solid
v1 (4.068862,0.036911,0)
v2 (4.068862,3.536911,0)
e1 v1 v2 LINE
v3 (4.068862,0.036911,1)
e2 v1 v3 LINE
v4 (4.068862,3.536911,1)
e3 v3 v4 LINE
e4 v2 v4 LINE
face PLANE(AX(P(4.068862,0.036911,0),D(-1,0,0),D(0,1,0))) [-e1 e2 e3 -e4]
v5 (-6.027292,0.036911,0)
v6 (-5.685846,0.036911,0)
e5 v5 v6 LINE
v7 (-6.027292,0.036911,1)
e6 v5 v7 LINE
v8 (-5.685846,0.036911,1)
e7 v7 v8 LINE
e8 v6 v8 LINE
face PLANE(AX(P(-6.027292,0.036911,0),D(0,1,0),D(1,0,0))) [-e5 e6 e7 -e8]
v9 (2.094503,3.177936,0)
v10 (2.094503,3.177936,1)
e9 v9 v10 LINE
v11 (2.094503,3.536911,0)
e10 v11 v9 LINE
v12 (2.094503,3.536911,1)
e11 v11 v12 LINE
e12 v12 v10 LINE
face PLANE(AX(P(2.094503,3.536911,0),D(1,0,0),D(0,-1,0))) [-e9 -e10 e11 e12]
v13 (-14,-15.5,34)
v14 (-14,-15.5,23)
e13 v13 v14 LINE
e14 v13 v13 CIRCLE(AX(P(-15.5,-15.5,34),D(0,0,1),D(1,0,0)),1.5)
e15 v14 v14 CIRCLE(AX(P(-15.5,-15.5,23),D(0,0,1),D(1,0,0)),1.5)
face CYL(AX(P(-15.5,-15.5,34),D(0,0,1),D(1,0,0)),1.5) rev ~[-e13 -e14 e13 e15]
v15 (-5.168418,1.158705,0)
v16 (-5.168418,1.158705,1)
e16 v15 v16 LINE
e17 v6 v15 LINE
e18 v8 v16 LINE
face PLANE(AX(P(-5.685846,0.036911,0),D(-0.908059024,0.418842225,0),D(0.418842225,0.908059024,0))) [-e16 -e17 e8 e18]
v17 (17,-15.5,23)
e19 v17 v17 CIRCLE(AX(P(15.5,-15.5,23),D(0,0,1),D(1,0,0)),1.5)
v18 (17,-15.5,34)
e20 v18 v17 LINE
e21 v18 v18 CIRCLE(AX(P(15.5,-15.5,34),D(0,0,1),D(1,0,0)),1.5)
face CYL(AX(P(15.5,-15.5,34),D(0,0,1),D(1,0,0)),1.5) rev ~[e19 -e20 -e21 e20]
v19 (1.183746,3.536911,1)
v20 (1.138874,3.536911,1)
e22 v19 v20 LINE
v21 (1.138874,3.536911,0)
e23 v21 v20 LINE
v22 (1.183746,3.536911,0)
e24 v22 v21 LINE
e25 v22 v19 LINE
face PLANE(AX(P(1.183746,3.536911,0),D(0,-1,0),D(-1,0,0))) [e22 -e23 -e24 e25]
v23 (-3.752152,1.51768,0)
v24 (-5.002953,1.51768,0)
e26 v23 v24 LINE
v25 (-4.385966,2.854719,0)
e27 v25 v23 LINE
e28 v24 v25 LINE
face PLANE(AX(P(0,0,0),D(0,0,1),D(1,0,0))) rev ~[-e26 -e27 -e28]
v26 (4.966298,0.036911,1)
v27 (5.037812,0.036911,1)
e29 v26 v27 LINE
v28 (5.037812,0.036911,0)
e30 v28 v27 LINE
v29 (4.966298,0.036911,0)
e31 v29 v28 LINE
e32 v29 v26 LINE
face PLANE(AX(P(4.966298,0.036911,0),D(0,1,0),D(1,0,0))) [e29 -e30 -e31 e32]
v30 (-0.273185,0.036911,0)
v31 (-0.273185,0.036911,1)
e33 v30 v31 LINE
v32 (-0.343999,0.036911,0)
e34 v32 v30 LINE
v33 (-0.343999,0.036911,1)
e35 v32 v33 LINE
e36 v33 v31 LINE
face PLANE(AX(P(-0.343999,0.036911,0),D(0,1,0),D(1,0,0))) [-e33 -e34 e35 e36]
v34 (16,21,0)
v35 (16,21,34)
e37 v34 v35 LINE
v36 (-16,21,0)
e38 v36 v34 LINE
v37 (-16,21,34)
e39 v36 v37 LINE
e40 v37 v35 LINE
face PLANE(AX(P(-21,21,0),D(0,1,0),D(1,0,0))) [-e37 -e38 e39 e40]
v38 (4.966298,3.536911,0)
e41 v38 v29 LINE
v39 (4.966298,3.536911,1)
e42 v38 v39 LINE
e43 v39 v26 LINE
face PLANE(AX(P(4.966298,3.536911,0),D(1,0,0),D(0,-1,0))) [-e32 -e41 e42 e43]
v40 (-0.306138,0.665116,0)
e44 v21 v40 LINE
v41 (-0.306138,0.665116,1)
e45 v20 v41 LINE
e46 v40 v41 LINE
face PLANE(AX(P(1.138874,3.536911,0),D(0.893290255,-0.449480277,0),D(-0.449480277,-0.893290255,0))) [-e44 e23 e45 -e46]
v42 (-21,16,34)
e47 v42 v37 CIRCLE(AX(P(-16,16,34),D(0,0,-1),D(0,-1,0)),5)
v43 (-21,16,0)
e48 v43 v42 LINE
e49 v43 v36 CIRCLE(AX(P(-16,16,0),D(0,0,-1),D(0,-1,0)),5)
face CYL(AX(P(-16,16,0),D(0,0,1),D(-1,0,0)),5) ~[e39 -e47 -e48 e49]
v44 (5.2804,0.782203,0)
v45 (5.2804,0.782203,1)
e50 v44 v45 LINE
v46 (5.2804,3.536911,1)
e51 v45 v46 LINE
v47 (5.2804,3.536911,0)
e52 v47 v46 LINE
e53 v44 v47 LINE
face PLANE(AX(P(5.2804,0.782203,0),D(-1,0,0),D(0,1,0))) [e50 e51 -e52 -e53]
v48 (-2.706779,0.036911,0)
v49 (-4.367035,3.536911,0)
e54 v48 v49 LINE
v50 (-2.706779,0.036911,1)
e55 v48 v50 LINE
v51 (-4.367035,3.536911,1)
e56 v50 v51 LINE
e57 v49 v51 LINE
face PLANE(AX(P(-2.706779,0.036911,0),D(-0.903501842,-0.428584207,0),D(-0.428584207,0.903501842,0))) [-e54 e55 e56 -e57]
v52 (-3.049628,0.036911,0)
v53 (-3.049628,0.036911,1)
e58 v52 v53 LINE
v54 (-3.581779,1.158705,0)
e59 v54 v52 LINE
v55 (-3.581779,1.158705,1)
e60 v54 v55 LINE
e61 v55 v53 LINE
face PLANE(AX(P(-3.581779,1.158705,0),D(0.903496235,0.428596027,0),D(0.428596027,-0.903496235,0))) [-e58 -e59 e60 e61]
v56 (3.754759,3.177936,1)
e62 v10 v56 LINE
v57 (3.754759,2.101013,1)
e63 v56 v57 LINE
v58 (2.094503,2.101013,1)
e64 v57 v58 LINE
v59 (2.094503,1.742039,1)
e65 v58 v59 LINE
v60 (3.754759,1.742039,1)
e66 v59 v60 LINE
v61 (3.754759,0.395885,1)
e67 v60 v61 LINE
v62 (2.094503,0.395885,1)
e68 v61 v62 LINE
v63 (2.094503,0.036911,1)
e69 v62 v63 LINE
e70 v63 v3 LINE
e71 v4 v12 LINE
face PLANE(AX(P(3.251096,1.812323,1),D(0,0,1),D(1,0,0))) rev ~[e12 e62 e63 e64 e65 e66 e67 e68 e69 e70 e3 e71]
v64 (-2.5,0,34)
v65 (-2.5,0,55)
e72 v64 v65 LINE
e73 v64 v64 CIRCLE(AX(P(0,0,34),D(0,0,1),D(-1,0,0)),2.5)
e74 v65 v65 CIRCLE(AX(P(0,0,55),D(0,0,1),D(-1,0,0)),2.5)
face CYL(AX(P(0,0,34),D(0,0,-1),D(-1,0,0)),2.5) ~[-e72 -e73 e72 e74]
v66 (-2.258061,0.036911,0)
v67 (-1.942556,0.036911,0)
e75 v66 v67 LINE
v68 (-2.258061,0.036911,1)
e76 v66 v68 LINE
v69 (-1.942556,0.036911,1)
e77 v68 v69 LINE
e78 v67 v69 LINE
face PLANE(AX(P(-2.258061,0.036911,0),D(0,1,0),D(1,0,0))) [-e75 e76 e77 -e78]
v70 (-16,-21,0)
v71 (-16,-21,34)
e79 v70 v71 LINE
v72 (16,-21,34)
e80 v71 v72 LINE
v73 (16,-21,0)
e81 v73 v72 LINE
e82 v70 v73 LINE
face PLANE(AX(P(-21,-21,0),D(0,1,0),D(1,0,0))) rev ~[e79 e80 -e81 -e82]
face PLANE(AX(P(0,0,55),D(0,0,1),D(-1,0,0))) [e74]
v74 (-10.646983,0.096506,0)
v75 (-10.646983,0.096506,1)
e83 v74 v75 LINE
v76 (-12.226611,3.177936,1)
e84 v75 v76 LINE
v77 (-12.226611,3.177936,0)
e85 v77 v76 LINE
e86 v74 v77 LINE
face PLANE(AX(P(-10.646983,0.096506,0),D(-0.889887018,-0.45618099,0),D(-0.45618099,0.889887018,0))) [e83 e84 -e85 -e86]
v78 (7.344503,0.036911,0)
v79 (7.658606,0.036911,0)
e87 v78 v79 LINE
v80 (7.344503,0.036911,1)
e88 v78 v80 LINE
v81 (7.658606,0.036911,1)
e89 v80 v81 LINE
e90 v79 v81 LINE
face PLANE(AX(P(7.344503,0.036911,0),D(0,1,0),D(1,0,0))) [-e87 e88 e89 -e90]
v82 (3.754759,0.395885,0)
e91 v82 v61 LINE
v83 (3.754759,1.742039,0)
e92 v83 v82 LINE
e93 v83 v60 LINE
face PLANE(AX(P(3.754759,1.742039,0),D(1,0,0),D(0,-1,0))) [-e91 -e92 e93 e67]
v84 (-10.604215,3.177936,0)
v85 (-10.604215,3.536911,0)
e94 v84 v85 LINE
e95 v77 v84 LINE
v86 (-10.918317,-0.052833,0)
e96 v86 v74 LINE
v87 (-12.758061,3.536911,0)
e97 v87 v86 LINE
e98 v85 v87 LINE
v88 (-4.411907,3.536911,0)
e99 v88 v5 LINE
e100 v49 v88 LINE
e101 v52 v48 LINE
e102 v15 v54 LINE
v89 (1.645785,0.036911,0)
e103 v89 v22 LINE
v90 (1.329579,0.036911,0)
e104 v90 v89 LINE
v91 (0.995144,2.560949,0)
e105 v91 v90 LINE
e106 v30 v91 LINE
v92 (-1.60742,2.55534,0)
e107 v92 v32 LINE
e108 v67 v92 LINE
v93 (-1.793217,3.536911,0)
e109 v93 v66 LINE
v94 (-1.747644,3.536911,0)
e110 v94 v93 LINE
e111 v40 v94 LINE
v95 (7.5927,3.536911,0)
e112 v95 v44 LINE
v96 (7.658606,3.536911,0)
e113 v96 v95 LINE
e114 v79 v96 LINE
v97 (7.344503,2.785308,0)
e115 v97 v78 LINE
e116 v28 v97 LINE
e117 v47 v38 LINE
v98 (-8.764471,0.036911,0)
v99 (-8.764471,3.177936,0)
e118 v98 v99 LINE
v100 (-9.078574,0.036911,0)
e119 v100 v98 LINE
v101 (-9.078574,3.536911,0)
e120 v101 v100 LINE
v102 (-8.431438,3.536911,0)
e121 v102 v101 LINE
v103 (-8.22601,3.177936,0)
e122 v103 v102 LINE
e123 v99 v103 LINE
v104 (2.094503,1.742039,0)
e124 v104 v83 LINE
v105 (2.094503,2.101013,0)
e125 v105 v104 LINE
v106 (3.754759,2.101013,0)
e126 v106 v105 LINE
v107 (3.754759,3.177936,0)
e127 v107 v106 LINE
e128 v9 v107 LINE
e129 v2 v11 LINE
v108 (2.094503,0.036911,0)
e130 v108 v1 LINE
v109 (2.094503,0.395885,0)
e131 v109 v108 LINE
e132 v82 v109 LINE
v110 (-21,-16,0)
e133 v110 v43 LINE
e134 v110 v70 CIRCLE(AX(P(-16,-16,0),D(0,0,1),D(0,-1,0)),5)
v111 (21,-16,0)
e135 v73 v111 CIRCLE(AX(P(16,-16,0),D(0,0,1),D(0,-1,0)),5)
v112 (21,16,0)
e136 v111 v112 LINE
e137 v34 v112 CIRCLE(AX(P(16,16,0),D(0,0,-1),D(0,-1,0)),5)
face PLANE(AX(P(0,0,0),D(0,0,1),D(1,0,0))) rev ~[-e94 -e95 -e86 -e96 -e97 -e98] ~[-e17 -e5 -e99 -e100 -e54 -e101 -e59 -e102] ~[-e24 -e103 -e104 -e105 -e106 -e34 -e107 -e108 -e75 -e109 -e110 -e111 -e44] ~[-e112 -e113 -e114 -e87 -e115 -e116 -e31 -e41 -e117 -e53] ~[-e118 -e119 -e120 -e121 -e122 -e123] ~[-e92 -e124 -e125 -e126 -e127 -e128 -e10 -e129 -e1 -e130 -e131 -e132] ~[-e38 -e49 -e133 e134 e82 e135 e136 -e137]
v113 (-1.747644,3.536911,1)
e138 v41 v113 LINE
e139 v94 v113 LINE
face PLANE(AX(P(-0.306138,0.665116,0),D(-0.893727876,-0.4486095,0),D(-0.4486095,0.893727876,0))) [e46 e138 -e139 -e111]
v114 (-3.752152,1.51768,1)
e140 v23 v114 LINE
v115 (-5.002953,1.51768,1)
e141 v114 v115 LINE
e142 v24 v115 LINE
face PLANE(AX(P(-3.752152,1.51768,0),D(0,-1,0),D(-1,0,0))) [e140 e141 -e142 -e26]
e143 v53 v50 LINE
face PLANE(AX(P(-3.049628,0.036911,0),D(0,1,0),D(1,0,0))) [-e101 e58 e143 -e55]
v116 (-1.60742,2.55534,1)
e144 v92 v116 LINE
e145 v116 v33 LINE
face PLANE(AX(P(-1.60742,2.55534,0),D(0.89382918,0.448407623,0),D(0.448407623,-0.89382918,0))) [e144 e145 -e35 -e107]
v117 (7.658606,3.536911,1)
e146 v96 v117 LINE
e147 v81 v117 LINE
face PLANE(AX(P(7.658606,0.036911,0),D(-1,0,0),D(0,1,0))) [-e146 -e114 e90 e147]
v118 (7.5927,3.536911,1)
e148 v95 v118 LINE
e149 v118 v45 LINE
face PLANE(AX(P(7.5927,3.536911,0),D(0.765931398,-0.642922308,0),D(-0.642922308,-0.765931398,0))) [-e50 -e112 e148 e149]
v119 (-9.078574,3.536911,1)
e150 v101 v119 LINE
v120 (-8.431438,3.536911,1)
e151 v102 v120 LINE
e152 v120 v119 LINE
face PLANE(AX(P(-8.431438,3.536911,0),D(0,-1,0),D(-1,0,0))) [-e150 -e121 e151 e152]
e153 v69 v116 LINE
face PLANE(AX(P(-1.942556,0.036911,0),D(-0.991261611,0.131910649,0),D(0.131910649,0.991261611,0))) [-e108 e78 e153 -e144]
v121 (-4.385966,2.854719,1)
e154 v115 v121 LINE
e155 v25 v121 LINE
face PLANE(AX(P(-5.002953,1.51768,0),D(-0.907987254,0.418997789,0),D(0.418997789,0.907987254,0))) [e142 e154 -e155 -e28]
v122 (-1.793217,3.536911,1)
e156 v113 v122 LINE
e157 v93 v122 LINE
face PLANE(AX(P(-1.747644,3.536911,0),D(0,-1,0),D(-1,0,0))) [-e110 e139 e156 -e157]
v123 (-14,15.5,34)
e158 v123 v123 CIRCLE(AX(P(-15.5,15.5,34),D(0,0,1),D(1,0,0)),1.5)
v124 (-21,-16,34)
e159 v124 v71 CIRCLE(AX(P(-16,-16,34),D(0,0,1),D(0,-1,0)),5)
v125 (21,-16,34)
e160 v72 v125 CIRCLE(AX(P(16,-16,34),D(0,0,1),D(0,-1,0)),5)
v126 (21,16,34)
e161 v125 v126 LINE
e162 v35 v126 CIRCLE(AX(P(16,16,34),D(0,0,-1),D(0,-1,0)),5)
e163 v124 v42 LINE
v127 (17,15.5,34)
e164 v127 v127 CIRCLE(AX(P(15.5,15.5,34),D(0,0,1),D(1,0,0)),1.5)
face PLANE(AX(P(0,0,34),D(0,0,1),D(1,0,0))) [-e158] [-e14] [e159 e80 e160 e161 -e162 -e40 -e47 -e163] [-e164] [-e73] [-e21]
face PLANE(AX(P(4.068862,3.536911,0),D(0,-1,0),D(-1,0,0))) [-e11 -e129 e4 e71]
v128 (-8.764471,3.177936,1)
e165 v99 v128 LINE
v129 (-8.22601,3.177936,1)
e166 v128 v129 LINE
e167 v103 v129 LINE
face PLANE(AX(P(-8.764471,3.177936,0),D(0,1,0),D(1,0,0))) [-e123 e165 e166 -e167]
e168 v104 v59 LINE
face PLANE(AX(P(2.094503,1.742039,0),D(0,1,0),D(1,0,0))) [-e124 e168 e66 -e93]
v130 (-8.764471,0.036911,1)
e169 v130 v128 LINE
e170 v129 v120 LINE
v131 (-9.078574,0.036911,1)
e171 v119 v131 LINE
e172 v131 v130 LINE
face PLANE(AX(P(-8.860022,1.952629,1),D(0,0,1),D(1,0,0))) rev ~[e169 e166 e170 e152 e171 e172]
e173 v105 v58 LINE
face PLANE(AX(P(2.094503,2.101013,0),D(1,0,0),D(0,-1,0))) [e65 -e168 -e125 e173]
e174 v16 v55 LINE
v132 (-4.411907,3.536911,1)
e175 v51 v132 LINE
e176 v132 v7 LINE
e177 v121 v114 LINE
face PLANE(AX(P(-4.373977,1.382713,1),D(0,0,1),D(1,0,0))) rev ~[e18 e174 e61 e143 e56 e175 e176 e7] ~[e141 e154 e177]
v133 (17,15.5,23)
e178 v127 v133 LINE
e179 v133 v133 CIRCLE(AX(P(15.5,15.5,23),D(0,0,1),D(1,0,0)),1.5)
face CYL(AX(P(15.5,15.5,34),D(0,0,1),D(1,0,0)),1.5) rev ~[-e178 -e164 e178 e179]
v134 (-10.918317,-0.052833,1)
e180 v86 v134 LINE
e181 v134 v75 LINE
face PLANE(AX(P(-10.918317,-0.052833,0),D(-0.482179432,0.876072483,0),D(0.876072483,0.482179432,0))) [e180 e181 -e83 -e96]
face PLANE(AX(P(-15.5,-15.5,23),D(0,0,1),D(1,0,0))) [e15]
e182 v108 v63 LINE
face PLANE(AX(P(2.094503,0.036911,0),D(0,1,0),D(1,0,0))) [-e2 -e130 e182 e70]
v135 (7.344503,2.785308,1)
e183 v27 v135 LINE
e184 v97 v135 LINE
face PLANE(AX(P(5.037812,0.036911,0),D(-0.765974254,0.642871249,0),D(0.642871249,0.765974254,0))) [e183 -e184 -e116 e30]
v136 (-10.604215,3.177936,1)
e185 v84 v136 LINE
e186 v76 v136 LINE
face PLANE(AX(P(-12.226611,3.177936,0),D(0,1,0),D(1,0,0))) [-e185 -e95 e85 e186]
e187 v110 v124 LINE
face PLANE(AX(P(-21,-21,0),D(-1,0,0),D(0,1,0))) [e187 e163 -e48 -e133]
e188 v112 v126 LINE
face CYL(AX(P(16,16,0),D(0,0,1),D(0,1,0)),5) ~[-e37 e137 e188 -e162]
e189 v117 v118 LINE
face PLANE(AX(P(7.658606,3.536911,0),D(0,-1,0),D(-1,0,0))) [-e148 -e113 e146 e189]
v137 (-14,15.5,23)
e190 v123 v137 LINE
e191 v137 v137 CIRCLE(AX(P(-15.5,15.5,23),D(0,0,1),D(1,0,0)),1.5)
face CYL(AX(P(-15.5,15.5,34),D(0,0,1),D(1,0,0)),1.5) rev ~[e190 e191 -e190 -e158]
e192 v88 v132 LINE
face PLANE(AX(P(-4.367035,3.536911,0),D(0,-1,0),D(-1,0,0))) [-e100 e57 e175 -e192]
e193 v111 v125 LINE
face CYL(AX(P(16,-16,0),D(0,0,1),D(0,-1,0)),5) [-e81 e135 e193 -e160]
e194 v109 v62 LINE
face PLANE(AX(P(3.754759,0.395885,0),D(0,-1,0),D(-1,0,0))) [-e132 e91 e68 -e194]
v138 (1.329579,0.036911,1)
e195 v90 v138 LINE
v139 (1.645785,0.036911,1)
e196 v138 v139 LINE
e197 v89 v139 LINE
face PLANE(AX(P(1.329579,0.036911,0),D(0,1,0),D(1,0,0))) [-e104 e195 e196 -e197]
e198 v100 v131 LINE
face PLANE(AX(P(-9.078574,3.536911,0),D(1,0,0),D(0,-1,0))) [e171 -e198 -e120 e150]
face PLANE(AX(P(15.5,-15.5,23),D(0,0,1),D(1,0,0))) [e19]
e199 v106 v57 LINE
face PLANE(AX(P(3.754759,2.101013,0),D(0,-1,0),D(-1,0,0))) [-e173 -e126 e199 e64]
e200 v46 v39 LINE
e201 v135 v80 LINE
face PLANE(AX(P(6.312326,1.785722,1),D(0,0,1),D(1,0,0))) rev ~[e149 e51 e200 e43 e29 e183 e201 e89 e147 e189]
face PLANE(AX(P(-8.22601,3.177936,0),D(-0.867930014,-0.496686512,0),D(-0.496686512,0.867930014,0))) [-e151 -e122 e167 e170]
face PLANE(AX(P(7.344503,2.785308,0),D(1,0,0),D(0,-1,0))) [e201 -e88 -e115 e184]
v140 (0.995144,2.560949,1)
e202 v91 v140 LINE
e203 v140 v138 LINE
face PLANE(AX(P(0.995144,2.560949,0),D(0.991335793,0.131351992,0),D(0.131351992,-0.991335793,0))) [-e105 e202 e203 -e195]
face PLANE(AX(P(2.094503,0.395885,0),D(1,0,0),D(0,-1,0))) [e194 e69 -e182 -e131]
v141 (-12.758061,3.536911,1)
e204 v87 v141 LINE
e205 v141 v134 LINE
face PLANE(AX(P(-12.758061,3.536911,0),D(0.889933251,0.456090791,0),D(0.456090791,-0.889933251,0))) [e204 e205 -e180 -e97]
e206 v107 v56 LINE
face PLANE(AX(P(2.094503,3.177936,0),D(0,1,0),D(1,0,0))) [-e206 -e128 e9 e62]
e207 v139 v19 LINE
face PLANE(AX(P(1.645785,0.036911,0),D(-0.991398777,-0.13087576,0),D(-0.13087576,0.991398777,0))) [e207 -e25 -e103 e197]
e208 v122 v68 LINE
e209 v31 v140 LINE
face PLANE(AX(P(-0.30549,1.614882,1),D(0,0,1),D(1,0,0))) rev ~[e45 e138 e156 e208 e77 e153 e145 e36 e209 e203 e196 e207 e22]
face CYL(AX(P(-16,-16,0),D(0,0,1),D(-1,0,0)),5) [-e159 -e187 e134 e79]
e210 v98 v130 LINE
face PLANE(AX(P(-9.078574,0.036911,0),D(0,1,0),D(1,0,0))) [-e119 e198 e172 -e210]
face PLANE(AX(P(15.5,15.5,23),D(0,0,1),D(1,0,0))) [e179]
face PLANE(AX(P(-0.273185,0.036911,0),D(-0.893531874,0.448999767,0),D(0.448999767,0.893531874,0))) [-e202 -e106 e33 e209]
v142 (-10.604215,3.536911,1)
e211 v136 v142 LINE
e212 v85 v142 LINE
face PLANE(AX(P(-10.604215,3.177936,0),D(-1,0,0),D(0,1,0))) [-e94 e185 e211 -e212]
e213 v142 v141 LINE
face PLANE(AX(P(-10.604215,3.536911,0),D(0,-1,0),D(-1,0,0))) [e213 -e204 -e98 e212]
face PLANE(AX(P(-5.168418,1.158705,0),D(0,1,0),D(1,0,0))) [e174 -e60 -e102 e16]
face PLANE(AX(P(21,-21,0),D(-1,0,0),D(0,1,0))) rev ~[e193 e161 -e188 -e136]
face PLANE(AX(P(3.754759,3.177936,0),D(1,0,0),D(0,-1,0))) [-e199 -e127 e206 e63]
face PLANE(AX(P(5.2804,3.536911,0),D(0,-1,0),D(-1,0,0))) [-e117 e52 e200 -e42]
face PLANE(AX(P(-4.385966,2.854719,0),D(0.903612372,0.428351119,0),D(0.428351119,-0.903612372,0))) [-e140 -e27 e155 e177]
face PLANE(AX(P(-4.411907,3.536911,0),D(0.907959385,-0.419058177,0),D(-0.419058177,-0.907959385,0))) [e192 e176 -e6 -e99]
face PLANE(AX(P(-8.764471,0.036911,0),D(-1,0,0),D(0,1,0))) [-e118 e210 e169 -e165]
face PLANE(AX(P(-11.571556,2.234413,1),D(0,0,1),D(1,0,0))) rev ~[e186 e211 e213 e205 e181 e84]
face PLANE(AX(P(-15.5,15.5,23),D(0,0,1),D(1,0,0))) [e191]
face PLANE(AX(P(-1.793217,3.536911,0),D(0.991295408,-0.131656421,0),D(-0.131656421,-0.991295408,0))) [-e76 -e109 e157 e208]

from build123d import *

# Parameters (mm, degrees)
SZKIC1_W                    = 42
SZKIC1_H                    = 42
DODANIE_WYCI_GNI_CIE1_DEPTH = 34
SZKIC2_R                    = 1.5
WYTNIJ_WYCI_GNI_CIE1_DEPTH  = 11
SZKIC6_R                    = 1.5
WYTNIJ_WYCI_GNI_CIE2_DEPTH  = 11
SZKIC7_R                    = 1.5
WYTNIJ_WYCI_GNI_CIE3_DEPTH  = 11
SZKIC8_R                    = 1.5
WYTNIJ_WYCI_GNI_CIE4_DEPTH  = 11
ZAOKR_GLENIE1_R             = 5
SZKIC9_R                    = 2.5
DODANIE_WYCI_GNI_CIE4_DEPTH = 21
WYTNIJ_WYCI_GNI_CIE5_DEPTH  = 1


with BuildPart() as part:
    # Szkic1 → Dodanie-wyciągnięcie1 (new body)
    with BuildSketch(Plane.XY):
        Rectangle(SZKIC1_W, SZKIC1_H)
    extrude(amount=DODANIE_WYCI_GNI_CIE1_DEPTH)

    # Szkic2 → Wytnij-wyciągnięcie1 (cut)
    with BuildSketch(Plane.XY.offset(34)):
        with Locations((15.5, 15.5)):
            Circle(SZKIC2_R)
    extrude(amount=-WYTNIJ_WYCI_GNI_CIE1_DEPTH, mode=Mode.SUBTRACT)

    # Szkic6 → Wytnij-wyciągnięcie2 (cut)
    with BuildSketch(Plane.XY.offset(34)):
        with Locations((-15.5, 15.5)):
            Circle(SZKIC6_R)
    extrude(amount=-WYTNIJ_WYCI_GNI_CIE2_DEPTH, mode=Mode.SUBTRACT)

    # Szkic7 → Wytnij-wyciągnięcie3 (cut)
    with BuildSketch(Plane.XY.offset(34)):
        with Locations((-15.5, -15.5)):
            Circle(SZKIC7_R)
    extrude(amount=-WYTNIJ_WYCI_GNI_CIE3_DEPTH, mode=Mode.SUBTRACT)

    # Szkic8 → Wytnij-wyciągnięcie4 (cut)
    with BuildSketch(Plane.XY.offset(34)):
        with Locations((15.5, -15.5)):
            Circle(SZKIC8_R)
    extrude(amount=-WYTNIJ_WYCI_GNI_CIE4_DEPTH, mode=Mode.SUBTRACT)

    # Zaokrąglenie1
    zaokr_glenie1_edges = [part.edges().sort_by_distance(p)[0] for p in [
        (21, -21, 17),
        (-21, -21, 17),
        (-21, 21, 17),
        (21, 21, 17),
    ]]
    fillet(zaokr_glenie1_edges, radius=ZAOKR_GLENIE1_R)

    # Szkic9 → Dodanie-wyciągnięcie4 (add)
    with BuildSketch(Plane.XY.offset(34)):
        with Locations(Location((0, 0, 0), (0, 0, 180))):
            Circle(SZKIC9_R)
    extrude(amount=DODANIE_WYCI_GNI_CIE4_DEPTH)

    # Szkic11 → Wytnij-wyciągnięcie5 (cut)
    # profile 1 of 6: a face of its own
    with BuildSketch(Plane(origin=(0, 0, 0), x_dir=(-1, 0, 0), z_dir=(0, 0, -1))):
        Polygon((-7.658605606, 0.036910524), (-7.658605606, 3.536910524), (-7.592700157, 3.536910524), (-5.280400478, 0.782202992), (-5.280400478, 3.536910524), (-4.966297913, 3.536910524), (-4.966297913, 0.036910524), (-5.037812336, 0.036910524), (-7.344503042, 2.78530796), (-7.344503042, 0.036910524), align=None)
    # profile 2 of 6: a face of its own
    with BuildSketch(Plane(origin=(0, 0, 0), x_dir=(-1, 0, 0), z_dir=(0, 0, -1))):
        Polygon((-4.068862016, 3.536910524), (-2.094503042, 3.536910524), (-2.094503042, 3.177936165), (-3.754759452, 3.177936165), (-3.754759452, 2.101013088), (-2.094503042, 2.101013088), (-2.094503042, 1.742038729), (-3.754759452, 1.742038729), (-3.754759452, 0.395884883), (-2.094503042, 0.395884883), (-2.094503042, 0.036910524), (-4.068862016, 0.036910524), align=None)
    # profile 3 of 6: a face of its own
    with BuildSketch(Plane(origin=(0, 0, 0), x_dir=(-1, 0, 0), z_dir=(0, 0, -1))):
        Polygon((-1.645785093, 0.036910524), (-1.18374583, 3.536910524), (-1.138874035, 3.536910524), (0.306137984, 0.665115652), (1.747644394, 3.536910524), (1.793217311, 3.536910524), (2.258061061, 0.036910524), (1.942556253, 0.036910524), (1.607420035, 2.555340011), (0.343998561, 0.036910524), (0.27318526, 0.036910524), (-0.995144067, 2.560948986), (-1.329579163, 0.036910524), align=None)
    # profile 4 of 6: a face of its own
    with BuildSketch(Plane(origin=(0, 0, 0), x_dir=(-1, 0, 0), z_dir=(0, 0, -1))):
        Polygon((4.411907215, 3.536910524), (6.02729183, 0.036910524), (5.685845516, 0.036910524), (5.168417631, 1.158705396), (3.58177901, 1.158705396), (3.049627567, 0.036910524), (2.70677901, 0.036910524), (4.36703542, 3.536910524), align=None)
        Polygon((4.385965708, 2.854719018), (3.752151606, 1.517679755), (5.002952888, 1.517679755), align=None, mode=Mode.SUBTRACT)
    # profile 5 of 6: a face of its own
    with BuildSketch(Plane(origin=(0, 0, 0), x_dir=(-1, 0, 0), z_dir=(0, 0, -1))):
        Polygon((8.431438465, 3.536910524), (9.078573881, 3.536910524), (9.078573881, 0.036910524), (8.764471317, 0.036910524), (8.764471317, 3.177936165), (8.226009779, 3.177936165), align=None)
    # profile 6 of 6: a face of its own
    with BuildSketch(Plane(origin=(0, 0, 0), x_dir=(-1, 0, 0), z_dir=(0, 0, -1))):
        Polygon((10.604214907, 3.536910524), (12.758061061, 3.536910524), (10.918317471, -0.052833066), (10.646983337, 0.096505877), (12.22661074, 3.177936165), (10.604214907, 3.177936165), align=None)
    extrude(amount=-WYTNIJ_WYCI_GNI_CIE5_DEPTH, mode=Mode.SUBTRACT)


solid = part.part
